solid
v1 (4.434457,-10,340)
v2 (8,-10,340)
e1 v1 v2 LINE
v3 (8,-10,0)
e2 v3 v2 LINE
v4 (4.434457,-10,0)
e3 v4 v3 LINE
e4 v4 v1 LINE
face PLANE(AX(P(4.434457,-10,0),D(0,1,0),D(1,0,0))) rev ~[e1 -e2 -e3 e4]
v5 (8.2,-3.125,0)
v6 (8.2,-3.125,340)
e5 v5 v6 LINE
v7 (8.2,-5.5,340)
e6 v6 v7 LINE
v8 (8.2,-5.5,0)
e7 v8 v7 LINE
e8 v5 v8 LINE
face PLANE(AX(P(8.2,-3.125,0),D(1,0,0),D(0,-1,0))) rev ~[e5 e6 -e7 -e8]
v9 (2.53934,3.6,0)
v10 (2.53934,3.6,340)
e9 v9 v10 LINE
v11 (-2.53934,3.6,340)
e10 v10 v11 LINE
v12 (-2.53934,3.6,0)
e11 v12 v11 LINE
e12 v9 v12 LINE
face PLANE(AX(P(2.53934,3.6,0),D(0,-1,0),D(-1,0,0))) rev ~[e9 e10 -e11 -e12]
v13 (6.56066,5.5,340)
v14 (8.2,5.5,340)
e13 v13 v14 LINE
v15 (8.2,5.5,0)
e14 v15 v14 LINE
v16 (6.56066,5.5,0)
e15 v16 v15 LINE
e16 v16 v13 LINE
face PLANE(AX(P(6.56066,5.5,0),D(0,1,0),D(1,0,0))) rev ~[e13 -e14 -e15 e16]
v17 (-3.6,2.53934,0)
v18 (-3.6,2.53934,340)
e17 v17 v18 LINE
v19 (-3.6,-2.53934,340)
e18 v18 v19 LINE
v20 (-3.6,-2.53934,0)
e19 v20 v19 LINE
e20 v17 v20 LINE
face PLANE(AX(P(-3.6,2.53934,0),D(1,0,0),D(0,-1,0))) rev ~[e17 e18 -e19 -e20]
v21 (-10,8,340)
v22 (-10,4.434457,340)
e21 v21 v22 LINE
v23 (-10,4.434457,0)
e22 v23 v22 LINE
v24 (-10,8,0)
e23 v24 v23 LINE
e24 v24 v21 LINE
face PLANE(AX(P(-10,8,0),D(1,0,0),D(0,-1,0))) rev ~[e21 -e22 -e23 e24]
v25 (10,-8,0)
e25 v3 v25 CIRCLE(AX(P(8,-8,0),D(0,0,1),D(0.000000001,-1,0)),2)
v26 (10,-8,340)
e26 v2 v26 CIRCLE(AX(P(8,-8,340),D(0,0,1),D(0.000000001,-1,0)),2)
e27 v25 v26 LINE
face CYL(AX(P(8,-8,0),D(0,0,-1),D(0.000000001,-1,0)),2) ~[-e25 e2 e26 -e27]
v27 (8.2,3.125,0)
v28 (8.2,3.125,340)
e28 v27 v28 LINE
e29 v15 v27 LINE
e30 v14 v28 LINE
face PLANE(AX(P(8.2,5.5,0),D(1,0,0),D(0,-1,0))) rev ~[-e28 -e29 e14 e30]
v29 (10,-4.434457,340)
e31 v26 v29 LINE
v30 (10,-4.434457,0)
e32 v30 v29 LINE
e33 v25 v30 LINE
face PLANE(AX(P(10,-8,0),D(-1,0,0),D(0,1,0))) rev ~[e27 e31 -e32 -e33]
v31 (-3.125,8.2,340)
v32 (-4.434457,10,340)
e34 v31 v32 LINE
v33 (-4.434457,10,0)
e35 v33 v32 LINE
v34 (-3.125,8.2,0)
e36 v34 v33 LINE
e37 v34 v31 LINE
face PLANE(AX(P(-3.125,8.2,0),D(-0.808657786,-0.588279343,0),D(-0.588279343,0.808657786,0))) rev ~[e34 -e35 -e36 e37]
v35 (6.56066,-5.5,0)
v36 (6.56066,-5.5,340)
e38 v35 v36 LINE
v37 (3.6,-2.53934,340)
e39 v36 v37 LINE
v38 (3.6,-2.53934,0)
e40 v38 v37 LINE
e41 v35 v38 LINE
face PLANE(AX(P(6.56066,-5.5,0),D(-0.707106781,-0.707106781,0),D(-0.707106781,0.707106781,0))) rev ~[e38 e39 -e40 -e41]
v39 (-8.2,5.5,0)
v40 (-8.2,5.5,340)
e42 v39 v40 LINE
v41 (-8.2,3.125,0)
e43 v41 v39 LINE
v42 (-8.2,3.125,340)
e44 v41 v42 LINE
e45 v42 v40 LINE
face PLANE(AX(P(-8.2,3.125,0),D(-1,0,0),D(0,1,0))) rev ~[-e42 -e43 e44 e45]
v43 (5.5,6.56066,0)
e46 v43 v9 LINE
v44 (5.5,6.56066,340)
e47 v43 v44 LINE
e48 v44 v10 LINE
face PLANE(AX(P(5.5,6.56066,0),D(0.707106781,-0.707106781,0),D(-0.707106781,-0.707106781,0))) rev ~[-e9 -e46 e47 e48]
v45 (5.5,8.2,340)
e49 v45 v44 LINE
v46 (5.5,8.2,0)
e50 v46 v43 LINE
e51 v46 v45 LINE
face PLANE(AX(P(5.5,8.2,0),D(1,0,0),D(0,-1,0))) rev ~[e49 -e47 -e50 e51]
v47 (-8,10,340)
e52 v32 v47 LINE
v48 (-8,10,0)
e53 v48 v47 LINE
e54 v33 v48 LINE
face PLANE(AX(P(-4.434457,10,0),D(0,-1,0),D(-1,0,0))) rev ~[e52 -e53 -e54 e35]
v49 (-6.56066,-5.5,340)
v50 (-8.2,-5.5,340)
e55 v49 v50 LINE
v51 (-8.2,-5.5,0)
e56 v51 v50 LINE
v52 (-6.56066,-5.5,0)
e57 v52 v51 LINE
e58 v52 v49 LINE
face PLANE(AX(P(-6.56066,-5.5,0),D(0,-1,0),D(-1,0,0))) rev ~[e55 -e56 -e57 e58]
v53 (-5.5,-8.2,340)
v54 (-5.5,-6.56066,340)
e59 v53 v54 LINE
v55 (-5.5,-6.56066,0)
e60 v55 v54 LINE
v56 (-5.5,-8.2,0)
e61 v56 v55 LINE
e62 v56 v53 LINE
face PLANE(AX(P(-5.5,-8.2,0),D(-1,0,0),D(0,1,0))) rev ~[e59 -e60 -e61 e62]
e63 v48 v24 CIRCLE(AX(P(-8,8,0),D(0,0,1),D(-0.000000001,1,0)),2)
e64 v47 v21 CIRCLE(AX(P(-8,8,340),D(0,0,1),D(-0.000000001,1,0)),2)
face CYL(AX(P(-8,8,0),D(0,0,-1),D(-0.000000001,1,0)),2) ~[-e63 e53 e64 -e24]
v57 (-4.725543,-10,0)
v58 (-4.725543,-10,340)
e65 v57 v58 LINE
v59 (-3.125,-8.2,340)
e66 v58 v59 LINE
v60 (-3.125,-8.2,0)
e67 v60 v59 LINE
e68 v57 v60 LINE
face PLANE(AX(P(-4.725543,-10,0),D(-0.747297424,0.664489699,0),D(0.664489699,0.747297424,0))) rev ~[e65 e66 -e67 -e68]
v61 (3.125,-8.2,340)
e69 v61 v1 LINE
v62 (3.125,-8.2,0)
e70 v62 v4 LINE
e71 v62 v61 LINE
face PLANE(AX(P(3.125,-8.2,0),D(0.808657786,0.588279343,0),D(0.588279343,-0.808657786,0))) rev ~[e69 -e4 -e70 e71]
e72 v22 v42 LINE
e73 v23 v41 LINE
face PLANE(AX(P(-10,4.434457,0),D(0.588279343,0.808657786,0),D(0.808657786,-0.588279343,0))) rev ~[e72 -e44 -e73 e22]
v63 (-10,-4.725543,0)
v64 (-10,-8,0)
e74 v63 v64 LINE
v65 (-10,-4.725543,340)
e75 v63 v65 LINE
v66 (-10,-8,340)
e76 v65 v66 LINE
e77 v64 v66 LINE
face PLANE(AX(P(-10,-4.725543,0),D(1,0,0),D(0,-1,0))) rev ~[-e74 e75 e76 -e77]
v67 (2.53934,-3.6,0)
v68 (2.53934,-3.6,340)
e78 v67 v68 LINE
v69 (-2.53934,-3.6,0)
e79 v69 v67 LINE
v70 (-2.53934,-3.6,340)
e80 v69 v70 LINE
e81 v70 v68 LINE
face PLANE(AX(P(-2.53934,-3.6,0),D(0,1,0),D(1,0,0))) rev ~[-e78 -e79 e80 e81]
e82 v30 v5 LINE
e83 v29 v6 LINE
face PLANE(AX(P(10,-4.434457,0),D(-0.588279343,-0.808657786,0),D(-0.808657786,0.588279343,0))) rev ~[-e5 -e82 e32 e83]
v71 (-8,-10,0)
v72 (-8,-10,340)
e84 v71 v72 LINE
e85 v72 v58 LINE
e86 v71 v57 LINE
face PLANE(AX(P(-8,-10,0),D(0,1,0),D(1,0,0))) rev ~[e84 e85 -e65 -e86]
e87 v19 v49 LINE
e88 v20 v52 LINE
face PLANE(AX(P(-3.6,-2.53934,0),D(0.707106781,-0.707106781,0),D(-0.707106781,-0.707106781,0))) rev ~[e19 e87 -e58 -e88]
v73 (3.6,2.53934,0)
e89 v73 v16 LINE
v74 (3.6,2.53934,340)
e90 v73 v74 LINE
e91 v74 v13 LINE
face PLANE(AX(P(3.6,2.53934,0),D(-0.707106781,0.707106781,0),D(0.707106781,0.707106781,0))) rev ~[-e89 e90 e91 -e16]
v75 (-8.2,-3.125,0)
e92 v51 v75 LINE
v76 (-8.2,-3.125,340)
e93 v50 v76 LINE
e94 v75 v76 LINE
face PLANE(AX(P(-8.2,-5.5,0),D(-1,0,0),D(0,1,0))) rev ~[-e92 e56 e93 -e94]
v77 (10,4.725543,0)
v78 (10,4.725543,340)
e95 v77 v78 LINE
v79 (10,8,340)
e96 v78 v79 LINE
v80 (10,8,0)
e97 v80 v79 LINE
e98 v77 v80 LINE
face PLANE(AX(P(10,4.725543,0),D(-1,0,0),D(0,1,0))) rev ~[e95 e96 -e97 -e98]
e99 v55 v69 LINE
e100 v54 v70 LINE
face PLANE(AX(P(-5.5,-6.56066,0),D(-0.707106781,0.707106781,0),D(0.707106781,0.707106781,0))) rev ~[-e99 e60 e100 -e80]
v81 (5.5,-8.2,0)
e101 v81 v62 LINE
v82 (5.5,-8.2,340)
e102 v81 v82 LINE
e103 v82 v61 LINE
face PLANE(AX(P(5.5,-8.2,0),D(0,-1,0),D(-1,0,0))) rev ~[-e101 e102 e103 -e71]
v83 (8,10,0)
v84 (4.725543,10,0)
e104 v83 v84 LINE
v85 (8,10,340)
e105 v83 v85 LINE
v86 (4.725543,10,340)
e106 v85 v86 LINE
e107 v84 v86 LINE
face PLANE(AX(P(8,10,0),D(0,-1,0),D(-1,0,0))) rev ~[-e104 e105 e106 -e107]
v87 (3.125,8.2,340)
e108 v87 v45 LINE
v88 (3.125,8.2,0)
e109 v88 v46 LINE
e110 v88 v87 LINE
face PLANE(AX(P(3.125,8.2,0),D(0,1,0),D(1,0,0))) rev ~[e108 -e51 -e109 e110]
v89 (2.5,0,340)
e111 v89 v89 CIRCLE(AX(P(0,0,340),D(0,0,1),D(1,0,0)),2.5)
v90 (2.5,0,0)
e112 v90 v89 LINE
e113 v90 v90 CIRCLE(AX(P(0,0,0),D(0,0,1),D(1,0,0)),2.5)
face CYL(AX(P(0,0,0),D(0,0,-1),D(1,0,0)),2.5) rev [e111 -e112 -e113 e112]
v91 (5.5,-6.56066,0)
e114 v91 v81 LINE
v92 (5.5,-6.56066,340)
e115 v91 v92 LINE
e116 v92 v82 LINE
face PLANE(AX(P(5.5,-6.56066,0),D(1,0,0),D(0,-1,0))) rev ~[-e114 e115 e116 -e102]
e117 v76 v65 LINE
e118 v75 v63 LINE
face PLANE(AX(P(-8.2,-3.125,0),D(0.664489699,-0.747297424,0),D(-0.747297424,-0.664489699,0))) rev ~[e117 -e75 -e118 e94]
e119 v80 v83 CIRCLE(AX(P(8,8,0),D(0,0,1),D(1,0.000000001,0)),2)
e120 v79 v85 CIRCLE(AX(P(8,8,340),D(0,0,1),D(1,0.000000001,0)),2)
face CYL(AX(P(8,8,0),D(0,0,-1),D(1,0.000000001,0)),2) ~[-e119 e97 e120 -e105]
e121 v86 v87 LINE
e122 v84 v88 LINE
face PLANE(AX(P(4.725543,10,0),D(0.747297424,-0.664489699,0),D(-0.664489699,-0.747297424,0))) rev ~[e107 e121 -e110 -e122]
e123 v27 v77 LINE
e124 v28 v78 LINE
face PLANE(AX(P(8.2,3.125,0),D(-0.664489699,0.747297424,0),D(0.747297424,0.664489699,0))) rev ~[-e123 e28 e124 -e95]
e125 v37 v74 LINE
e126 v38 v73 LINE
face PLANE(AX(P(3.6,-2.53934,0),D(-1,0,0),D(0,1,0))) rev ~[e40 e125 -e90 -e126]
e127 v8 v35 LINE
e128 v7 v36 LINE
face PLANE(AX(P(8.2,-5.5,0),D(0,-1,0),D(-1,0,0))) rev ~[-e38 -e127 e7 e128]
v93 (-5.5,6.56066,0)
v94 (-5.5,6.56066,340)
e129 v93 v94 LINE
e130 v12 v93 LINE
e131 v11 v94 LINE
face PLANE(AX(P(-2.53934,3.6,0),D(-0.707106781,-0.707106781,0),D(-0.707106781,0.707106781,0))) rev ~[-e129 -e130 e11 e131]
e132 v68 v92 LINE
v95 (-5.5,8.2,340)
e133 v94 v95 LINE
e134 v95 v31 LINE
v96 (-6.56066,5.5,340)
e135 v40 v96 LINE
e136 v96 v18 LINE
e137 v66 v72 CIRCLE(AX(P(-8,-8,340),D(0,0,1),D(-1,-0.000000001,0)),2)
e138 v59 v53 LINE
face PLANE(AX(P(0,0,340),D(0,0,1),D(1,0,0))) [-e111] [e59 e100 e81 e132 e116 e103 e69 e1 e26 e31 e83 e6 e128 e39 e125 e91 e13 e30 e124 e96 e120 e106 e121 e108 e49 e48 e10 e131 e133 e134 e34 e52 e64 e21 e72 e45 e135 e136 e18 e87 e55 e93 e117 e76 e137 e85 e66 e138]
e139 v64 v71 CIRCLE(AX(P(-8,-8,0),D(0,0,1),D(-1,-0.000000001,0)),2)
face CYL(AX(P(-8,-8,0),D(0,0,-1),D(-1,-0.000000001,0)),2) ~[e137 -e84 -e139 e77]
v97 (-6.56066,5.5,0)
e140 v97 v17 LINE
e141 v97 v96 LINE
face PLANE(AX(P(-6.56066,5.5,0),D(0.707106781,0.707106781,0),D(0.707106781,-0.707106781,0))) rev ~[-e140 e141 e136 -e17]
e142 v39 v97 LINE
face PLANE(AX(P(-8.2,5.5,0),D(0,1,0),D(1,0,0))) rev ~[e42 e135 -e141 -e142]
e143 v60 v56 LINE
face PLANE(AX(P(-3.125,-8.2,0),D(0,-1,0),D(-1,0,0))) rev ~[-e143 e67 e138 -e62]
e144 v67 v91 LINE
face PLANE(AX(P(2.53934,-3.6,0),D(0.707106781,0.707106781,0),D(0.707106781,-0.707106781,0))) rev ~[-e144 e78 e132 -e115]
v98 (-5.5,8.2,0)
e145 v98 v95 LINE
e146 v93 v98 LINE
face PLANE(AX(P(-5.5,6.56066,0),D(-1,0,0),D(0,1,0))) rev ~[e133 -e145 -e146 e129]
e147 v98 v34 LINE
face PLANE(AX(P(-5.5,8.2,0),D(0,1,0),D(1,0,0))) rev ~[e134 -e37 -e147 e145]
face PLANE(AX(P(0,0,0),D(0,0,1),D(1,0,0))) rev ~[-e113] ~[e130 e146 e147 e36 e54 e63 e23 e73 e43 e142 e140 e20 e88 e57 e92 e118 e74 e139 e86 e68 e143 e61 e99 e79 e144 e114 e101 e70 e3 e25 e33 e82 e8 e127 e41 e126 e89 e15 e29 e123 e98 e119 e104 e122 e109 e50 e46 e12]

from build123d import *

# Parameters (mm, degrees)
SKETCH1_R           = 2.5
BOSS_EXTRUDE1_DEPTH = 340


with BuildPart() as part:
    # Sketch1 → Boss-Extrude1 (new body)
    with BuildSketch(Plane.XY):
        with BuildLine():
            Line((-4.725542729, -10), (-3.125, -8.2))
            Line((-3.125, -8.2), (-5.5, -8.2))
            Line((-5.5, -8.2), (-5.5, -6.560660172))
            Line((-5.5, -6.560660172), (-2.539339828, -3.6))
            Line((-2.539339828, -3.6), (2.539339828, -3.6))
            Line((2.539339828, -3.6), (5.5, -6.560660172))
            Line((5.5, -6.560660172), (5.5, -8.2))
            Line((5.5, -8.2), (3.125, -8.2))
            Line((3.125, -8.2), (4.434457271, -10))
            Line((4.434457271, -10), (8, -10))
            ThreePointArc((8, -10), (9.414213562, -9.414213562), (10, -8))
            Line((10, -8), (10, -4.434457271))
            Line((10, -4.434457271), (8.2, -3.125))
            Line((8.2, -3.125), (8.2, -5.5))
            Line((8.2, -5.5), (6.560660172, -5.5))
            Line((6.560660172, -5.5), (3.6, -2.539339828))
            Line((3.6, -2.539339828), (3.6, 2.539339828))
            Line((3.6, 2.539339828), (6.560660172, 5.5))
            Line((6.560660172, 5.5), (8.2, 5.5))
            Line((8.2, 5.5), (8.2, 3.125))
            Line((8.2, 3.125), (10, 4.725542729))
            Line((10, 4.725542729), (10, 8))
            ThreePointArc((10, 8), (9.414213562, 9.414213562), (8, 10))
            Line((8, 10), (4.725542729, 10))
            Line((4.725542729, 10), (3.125, 8.2))
            Line((3.125, 8.2), (5.5, 8.2))
            Line((5.5, 8.2), (5.5, 6.560660172))
            Line((5.5, 6.560660172), (2.539339828, 3.6))
            Line((2.539339828, 3.6), (-2.539339828, 3.6))
            Line((-2.539339828, 3.6), (-5.5, 6.560660172))
            Line((-5.5, 6.560660172), (-5.5, 8.2))
            Line((-5.5, 8.2), (-3.125, 8.2))
            Line((-3.125, 8.2), (-4.434457271, 10))
            Line((-4.434457271, 10), (-8, 10))
            ThreePointArc((-8, 10), (-9.414213562, 9.414213562), (-10, 8))
            Line((-10, 8), (-10, 4.434457271))
            Line((-10, 4.434457271), (-8.2, 3.125))
            Line((-8.2, 3.125), (-8.2, 5.5))
            Line((-8.2, 5.5), (-6.560660172, 5.5))
            Line((-6.560660172, 5.5), (-3.6, 2.539339828))
            Line((-3.6, 2.539339828), (-3.6, -2.539339828))
            Line((-3.6, -2.539339828), (-6.560660172, -5.5))
            Line((-6.560660172, -5.5), (-8.2, -5.5))
            Line((-8.2, -5.5), (-8.2, -3.125))
            Line((-8.2, -3.125), (-10, -4.725542729))
            Line((-10, -4.725542729), (-10, -8))
            ThreePointArc((-10, -8), (-9.414213562, -9.414213562), (-8, -10))
            Line((-8, -10), (-4.725542729, -10))
        make_face()
        Circle(SKETCH1_R, mode=Mode.SUBTRACT)
    extrude(amount=BOSS_EXTRUDE1_DEPTH)


solid = part.part
